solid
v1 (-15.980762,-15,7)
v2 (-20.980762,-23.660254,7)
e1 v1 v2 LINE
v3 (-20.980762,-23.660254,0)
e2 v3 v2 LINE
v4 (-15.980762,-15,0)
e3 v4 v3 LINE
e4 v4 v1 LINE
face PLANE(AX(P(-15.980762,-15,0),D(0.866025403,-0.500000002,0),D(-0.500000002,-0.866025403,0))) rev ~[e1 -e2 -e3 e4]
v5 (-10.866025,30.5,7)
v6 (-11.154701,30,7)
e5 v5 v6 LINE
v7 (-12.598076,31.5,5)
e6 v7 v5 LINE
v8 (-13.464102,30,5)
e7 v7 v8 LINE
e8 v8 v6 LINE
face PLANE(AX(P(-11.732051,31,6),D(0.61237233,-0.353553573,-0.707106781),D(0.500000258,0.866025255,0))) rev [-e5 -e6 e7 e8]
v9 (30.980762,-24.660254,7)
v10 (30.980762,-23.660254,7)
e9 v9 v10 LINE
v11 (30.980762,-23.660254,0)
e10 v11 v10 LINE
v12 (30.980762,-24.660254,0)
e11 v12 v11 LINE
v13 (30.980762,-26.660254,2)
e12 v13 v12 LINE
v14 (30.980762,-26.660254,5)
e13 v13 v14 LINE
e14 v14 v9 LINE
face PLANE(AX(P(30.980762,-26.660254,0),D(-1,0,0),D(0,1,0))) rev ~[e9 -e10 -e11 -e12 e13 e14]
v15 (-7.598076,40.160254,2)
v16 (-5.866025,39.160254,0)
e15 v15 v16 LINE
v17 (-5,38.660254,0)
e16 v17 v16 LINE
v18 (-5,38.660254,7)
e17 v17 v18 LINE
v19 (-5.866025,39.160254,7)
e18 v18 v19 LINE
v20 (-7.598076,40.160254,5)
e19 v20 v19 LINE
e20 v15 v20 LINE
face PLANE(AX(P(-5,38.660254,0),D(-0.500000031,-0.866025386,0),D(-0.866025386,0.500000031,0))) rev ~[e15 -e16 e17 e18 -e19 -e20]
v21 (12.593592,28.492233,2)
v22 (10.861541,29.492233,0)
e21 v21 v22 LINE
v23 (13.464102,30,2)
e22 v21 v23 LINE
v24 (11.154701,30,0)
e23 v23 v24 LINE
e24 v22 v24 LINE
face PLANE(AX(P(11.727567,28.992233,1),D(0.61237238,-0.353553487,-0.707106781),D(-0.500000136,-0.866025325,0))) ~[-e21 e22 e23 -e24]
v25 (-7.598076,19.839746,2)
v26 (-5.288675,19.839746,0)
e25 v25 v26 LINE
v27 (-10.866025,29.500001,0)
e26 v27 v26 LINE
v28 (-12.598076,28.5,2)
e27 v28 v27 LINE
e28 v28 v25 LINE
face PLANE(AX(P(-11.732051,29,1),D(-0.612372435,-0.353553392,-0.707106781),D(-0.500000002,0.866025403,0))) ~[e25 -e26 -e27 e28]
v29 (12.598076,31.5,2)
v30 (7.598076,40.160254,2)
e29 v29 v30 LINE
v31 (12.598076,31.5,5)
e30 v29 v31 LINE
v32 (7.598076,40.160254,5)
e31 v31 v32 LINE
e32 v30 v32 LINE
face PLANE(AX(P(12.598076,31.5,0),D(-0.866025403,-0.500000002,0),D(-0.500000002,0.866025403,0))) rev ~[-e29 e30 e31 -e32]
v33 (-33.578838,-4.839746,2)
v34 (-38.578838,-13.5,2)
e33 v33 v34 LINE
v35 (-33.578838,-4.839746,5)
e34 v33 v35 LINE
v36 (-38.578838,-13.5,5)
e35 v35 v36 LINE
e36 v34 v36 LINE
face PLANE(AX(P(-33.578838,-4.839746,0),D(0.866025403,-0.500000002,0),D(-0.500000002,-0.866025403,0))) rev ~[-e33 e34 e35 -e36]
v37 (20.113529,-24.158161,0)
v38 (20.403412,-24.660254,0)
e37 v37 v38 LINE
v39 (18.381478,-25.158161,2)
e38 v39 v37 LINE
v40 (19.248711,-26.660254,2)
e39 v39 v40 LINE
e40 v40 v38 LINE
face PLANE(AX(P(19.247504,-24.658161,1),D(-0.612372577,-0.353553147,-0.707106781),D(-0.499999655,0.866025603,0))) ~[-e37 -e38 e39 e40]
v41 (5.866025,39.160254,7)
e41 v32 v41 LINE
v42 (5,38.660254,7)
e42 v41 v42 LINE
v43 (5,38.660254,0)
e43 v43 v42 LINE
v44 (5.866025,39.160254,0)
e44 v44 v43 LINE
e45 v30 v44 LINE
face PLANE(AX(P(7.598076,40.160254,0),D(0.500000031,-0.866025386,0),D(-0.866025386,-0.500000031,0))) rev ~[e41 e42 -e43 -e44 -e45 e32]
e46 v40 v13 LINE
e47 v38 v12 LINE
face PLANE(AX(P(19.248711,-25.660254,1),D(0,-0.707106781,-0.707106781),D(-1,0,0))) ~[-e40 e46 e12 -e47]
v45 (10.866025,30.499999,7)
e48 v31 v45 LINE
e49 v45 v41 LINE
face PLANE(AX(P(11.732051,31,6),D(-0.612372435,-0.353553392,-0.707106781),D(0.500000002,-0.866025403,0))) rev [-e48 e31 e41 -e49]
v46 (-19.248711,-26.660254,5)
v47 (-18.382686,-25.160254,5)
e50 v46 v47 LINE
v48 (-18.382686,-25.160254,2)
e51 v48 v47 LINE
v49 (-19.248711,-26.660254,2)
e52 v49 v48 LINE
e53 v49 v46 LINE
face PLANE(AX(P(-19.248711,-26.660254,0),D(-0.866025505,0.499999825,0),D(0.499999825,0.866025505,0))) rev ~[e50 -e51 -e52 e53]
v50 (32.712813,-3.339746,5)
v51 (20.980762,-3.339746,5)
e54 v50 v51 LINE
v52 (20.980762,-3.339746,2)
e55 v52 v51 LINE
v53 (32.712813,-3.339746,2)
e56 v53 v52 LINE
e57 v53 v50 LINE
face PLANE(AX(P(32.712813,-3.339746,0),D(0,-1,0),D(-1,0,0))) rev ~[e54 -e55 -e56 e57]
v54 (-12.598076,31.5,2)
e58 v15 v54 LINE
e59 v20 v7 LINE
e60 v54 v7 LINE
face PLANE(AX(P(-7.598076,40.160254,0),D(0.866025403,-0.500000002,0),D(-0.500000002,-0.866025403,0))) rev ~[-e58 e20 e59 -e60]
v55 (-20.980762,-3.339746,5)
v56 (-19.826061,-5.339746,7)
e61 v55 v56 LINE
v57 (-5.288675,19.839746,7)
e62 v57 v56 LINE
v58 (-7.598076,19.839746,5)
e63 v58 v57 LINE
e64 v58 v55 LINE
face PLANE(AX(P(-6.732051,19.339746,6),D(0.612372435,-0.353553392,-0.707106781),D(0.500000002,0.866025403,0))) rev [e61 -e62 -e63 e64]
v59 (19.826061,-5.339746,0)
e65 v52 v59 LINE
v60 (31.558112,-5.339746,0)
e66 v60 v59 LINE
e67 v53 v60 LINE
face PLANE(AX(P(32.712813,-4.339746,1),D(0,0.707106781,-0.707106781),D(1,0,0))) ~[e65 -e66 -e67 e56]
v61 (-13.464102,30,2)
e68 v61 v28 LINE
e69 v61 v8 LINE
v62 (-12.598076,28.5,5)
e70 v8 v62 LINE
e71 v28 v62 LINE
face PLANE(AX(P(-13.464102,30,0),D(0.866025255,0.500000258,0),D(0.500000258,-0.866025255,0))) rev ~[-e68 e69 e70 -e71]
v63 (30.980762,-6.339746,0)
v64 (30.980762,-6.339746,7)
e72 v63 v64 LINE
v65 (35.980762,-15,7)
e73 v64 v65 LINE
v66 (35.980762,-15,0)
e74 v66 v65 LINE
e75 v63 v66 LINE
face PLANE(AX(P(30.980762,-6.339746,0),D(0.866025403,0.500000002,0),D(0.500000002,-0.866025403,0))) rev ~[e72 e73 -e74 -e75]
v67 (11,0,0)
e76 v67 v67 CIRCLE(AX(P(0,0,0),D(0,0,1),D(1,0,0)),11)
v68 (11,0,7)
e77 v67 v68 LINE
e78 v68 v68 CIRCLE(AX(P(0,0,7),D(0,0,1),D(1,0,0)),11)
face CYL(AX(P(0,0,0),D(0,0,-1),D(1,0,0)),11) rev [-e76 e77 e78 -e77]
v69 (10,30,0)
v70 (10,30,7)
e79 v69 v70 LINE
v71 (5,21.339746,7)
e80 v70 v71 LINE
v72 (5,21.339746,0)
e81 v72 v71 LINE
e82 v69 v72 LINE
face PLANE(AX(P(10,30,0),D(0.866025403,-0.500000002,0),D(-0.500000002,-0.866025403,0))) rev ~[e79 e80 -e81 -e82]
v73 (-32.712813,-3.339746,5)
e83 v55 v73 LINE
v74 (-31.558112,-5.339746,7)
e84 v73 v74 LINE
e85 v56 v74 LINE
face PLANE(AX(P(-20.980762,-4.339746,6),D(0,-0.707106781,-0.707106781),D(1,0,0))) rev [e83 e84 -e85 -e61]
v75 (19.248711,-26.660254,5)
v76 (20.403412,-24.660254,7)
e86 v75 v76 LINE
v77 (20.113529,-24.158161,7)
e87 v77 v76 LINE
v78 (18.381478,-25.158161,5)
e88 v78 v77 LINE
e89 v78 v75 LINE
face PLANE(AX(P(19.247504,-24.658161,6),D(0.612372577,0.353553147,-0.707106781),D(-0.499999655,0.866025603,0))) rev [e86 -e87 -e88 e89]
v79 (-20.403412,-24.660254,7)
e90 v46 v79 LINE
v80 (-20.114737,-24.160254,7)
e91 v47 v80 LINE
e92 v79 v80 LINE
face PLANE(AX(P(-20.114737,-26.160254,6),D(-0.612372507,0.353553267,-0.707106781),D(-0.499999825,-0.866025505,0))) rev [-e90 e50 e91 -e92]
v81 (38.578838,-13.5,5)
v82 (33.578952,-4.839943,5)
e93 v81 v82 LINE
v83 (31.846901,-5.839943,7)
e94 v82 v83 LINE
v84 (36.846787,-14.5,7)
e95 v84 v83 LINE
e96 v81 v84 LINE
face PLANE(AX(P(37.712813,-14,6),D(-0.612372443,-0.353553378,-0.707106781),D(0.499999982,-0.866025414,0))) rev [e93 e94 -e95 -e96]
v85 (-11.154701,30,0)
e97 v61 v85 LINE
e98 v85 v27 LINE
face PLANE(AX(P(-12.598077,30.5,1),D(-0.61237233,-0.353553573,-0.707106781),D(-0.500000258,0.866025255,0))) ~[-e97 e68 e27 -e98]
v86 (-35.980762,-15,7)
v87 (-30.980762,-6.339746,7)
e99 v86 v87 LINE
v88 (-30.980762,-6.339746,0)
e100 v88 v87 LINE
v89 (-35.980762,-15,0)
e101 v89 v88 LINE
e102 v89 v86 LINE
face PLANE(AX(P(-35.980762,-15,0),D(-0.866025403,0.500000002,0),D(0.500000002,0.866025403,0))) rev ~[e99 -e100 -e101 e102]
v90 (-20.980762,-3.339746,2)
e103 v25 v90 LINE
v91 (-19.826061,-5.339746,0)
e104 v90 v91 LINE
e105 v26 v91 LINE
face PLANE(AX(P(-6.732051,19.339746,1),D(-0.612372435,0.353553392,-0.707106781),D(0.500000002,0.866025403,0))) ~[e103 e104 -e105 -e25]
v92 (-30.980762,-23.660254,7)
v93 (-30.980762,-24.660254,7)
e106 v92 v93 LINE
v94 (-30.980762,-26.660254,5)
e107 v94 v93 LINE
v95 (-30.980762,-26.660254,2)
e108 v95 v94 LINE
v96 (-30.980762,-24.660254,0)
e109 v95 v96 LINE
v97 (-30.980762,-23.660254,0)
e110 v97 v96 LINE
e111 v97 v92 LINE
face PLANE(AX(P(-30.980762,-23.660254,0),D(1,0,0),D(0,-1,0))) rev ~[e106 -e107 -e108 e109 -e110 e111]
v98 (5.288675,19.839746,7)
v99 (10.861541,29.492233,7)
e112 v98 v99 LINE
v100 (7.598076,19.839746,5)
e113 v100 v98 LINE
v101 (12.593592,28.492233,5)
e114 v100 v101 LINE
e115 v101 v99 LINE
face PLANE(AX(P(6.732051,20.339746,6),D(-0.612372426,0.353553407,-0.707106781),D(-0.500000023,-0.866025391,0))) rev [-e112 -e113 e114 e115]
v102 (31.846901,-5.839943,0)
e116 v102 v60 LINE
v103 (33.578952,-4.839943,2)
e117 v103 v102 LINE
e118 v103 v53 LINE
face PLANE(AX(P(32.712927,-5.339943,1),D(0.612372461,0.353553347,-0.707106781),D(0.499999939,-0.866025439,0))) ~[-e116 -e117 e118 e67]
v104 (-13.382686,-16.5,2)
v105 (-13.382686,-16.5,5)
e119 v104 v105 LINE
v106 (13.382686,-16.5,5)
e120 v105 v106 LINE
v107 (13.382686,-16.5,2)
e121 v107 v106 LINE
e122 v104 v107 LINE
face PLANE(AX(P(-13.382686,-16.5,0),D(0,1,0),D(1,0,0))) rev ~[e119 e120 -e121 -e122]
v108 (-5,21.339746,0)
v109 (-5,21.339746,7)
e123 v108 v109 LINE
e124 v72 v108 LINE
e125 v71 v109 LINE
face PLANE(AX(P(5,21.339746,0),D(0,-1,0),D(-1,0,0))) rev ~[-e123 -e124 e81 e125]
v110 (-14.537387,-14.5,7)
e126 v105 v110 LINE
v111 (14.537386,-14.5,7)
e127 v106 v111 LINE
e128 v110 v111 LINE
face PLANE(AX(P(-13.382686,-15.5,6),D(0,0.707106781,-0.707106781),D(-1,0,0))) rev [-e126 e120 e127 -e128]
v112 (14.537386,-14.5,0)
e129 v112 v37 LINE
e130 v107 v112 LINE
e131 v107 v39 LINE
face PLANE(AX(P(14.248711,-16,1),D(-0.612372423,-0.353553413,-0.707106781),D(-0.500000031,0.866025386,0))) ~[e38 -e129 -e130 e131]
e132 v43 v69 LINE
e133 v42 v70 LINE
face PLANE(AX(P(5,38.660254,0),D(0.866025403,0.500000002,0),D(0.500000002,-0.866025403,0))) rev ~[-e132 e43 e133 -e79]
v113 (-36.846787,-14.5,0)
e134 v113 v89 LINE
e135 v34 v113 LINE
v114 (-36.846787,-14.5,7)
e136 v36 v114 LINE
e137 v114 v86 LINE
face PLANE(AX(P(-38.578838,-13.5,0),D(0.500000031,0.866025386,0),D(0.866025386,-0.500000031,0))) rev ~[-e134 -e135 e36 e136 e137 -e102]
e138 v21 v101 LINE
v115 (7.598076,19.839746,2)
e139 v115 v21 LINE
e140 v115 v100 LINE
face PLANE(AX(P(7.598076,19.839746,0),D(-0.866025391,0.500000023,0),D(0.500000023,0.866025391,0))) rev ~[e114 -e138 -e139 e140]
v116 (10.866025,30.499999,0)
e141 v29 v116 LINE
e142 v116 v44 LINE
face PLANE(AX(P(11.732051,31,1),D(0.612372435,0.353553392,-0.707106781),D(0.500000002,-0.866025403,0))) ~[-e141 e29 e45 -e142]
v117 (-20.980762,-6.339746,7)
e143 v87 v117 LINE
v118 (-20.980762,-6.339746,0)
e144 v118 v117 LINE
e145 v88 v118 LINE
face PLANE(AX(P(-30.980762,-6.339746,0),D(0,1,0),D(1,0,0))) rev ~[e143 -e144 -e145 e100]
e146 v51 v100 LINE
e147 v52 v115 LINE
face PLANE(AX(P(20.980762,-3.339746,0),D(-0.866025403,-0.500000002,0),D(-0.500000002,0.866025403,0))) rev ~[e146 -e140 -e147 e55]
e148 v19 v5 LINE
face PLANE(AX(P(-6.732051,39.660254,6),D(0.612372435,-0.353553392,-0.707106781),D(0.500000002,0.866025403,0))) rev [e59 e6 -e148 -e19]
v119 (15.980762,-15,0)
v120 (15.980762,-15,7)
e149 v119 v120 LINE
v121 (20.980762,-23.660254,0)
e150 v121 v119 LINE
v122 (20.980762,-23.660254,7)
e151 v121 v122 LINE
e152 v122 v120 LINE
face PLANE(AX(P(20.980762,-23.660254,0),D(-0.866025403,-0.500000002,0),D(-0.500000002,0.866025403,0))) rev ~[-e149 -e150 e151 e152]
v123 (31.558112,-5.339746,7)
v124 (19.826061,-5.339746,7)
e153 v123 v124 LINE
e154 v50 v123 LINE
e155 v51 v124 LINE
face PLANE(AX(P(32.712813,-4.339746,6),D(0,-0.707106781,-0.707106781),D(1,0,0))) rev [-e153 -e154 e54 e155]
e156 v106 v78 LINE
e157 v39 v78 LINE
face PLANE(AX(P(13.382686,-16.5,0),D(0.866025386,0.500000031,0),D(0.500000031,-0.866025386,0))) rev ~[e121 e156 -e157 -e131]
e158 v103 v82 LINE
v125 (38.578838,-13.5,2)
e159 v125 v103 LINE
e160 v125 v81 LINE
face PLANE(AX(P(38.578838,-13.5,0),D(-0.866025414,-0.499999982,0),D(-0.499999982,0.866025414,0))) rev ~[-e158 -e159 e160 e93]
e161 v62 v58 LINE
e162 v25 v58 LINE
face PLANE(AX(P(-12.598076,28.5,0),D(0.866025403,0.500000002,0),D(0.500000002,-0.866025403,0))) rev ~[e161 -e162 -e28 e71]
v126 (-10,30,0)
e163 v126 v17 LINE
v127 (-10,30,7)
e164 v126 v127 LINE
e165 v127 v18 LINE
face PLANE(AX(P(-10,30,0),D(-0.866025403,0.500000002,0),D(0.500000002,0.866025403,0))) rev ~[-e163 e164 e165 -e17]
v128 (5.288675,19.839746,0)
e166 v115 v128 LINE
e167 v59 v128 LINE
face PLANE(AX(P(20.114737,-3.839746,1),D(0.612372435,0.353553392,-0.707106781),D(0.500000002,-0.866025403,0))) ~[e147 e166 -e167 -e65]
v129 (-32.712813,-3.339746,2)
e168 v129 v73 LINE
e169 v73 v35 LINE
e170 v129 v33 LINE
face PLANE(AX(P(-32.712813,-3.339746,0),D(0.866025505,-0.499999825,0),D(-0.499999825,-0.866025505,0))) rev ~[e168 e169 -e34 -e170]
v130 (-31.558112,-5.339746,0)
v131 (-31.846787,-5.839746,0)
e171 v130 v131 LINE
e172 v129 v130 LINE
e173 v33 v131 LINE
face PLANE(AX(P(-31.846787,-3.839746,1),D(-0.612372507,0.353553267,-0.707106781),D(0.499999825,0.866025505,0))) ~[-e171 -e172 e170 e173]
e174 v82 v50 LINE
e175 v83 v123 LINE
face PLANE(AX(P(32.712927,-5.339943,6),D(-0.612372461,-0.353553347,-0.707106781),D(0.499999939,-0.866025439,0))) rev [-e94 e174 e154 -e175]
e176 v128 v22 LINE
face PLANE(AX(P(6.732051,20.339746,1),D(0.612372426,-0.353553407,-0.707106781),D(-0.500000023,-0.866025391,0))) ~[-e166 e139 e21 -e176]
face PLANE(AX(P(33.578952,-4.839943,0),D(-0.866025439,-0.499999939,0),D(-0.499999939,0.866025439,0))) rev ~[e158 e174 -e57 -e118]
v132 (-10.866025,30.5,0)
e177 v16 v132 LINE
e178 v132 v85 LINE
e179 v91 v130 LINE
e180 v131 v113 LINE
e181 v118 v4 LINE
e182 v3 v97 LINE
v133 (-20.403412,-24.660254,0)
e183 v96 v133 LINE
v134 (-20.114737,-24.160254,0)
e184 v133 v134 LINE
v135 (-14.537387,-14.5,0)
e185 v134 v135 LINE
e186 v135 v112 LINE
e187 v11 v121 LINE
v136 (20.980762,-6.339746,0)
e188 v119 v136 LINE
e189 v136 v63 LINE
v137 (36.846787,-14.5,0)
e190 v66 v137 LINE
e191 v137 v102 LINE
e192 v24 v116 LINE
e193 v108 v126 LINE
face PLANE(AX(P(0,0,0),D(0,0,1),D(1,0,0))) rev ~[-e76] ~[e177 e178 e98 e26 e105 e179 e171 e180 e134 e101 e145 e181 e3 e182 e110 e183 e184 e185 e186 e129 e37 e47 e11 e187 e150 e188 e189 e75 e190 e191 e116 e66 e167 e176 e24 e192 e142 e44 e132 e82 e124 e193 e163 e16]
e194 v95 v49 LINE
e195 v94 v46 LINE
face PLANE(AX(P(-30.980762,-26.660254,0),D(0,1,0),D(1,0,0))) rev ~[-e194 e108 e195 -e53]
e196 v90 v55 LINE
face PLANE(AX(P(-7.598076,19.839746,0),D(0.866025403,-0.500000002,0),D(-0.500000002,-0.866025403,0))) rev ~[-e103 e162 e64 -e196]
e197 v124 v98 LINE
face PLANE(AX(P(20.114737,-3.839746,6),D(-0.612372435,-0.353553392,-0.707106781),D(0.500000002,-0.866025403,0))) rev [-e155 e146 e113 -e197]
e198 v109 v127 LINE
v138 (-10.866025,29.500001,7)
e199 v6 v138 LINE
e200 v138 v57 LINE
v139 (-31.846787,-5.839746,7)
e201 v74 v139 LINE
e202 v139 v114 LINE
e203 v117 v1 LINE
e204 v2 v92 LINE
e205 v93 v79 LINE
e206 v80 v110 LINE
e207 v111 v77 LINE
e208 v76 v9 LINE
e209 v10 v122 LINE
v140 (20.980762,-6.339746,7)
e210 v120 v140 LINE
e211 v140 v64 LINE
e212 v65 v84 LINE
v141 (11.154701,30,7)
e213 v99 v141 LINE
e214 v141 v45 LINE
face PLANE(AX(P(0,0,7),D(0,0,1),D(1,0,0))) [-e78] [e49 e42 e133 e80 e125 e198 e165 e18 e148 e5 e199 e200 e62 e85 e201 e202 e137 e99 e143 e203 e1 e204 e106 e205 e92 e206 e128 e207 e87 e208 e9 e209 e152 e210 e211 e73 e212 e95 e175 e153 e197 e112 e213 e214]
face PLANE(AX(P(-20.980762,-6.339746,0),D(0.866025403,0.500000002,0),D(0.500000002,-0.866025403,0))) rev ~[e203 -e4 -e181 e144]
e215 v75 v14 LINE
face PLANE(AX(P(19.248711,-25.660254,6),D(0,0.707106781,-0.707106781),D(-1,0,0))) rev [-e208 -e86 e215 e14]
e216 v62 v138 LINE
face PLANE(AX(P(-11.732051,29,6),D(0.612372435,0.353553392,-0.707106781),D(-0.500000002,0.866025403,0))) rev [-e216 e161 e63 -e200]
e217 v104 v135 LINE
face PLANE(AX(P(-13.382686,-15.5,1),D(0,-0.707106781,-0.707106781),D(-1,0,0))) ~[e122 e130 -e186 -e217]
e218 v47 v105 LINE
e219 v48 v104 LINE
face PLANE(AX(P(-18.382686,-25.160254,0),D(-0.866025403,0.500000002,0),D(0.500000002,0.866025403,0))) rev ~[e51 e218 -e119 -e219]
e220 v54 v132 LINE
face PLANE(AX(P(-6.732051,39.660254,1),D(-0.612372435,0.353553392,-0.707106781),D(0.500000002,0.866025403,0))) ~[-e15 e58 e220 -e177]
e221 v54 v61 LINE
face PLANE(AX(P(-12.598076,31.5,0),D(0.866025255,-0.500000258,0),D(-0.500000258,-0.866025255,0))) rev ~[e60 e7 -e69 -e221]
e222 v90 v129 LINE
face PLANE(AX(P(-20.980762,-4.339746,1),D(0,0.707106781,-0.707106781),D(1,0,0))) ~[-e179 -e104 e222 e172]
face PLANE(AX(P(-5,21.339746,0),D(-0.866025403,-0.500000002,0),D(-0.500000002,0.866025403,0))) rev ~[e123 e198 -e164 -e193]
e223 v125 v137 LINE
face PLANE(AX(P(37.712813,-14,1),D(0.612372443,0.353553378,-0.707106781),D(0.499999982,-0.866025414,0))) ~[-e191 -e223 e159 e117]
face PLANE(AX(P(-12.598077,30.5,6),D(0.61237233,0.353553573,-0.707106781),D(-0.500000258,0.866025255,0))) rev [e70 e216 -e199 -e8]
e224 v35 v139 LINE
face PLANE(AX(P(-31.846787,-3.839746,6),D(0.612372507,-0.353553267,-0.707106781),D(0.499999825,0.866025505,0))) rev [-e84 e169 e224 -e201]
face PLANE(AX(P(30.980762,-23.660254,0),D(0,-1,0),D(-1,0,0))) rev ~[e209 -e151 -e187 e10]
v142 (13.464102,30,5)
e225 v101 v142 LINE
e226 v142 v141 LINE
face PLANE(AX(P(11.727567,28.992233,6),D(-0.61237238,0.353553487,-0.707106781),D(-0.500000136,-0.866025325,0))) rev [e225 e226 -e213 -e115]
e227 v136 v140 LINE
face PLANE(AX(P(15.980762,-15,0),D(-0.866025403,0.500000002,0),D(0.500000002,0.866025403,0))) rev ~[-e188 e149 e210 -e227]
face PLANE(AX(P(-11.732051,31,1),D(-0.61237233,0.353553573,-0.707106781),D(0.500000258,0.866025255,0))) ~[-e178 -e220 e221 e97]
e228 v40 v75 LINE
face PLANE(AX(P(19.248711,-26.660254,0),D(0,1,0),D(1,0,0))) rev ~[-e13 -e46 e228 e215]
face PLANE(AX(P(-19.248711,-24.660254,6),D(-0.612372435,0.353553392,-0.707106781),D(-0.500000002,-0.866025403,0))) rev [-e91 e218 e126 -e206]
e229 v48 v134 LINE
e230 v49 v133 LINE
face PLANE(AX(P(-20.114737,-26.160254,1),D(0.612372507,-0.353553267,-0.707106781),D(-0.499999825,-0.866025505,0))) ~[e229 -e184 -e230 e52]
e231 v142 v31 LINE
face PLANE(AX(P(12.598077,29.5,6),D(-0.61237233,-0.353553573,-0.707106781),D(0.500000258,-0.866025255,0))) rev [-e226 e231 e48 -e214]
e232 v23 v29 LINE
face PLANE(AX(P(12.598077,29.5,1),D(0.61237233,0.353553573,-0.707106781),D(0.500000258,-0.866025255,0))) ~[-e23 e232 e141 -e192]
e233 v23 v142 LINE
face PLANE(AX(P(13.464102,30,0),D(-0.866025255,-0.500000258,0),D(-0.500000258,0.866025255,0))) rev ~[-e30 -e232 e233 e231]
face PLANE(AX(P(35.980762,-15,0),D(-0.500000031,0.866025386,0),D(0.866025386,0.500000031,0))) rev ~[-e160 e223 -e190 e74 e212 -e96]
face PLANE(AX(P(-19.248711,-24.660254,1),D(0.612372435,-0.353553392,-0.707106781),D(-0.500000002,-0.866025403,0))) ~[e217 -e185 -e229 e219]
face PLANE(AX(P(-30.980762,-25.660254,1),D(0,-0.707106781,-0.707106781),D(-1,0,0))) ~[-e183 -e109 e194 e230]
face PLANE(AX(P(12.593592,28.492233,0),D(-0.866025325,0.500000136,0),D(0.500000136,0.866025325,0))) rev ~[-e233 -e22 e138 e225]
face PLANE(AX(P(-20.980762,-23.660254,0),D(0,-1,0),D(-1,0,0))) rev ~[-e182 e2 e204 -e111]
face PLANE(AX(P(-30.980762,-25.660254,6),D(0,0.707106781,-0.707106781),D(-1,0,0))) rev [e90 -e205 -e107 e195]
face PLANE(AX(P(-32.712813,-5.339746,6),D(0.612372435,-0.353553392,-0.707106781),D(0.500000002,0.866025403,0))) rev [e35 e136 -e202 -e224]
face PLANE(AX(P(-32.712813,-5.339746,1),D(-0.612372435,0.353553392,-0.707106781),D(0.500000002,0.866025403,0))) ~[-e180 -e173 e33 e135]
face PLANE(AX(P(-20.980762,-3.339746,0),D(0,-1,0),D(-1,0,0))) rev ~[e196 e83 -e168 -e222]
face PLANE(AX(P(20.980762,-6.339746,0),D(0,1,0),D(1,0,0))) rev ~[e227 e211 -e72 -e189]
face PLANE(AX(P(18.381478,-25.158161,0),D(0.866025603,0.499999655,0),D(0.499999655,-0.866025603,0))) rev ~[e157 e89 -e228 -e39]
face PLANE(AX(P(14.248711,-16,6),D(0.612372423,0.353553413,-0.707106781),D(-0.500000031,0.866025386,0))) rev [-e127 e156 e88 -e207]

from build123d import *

# Parameters (mm, degrees)
F0_R     = 11
F1_DEPTH = 7
F2_SIZE  = 2


with BuildPart() as f1:
    # F0 (on Top) → F1 (new body)
    with BuildSketch(Plane.XY):
        Polygon((10, 30), (5, 21.339746), (-5, 21.339746), (-10, 30), (-5, 38.660254), (-7.598076, 40.160254), (-12.598076, 31.5), (-13.464102, 30), (-12.598076, 28.5), (-7.598076, 19.839746), (-20.980762, -3.339746), (-30.97884, -3.339746), (-32.712813, -3.339746), (-33.578838, -4.839746), (-38.578838, -13.5), (-35.980762, -15), (-30.980762, -6.339746), (-20.980762, -6.339746), (-15.980762, -15), (-20.980762, -23.660254), (-30.980762, -23.660254), (-30.980762, -26.660254), (-20.980762, -26.660254), (-19.248711, -26.660254), (-18.382686, -25.160254), (-13.382686, -16.5), (13.382686, -16.5), (18.381478, -25.158161), (19.248711, -26.660254), (20.980762, -26.660254), (30.980762, -26.660254), (30.980762, -23.660254), (20.980762, -23.660254), (15.980762, -15), (20.980762, -6.339746), (30.980762, -6.339746), (35.980762, -15), (38.578838, -13.5), (33.578952, -4.839943), (32.712813, -3.339746), (30.977076, -3.339746), (20.980762, -3.339746), (7.598076, 19.839746), (12.593592, 28.492233), (13.464102, 30), (12.598076, 31.5), (7.598076, 40.160254), (5, 38.660254), align=None)
        Circle(F0_R, mode=Mode.SUBTRACT)
    extrude(amount=F1_DEPTH)

    # F2
    f2_edges = [f1.edges().sort_by_distance(p)[0] for p in [
        (35.645826, -8.419873, 7),
        (26.846788, -3.339746, 7),
        (35.645826, -8.419873, 0),
        (26.846788, -3.339746, 0),
        (14.289419, 8.25, 0),
        (14.289419, 8.25, 7),
        (10.531089, 24.919873, 7),
        (10.531089, 24.919873, 0),
        (10.531089, 35.080127, 0),
        (10.531089, 35.080127, 7),
        (-25.114737, -26.660254, 7),
        (-25.114737, -26.660254, 0),
        (-16.315699, -21.580127, 7),
        (-16.315699, -21.580127, 0),
        (0, -16.5, 7),
        (0, -16.5, 0),
        (16.315699, -21.580127, 7),
        (16.315699, -21.580127, 0),
        (25.114737, -26.660254, 0),
        (25.114737, -26.660254, 7),
        (-10.531089, 35.080127, 7),
        (-10.531089, 35.080127, 0),
        (-10.531089, 24.919873, 7),
        (-10.531089, 24.919873, 0),
        (-14.289419, 8.25, 7),
        (-14.289419, 8.25, 0),
        (-26.846788, -3.339746, 7),
        (-26.846788, -3.339746, 0),
        (-35.645826, -8.419873, 0),
        (-35.645826, -8.419873, 7),
    ]]
    chamfer(f2_edges, length=F2_SIZE)


solid = f1.part
